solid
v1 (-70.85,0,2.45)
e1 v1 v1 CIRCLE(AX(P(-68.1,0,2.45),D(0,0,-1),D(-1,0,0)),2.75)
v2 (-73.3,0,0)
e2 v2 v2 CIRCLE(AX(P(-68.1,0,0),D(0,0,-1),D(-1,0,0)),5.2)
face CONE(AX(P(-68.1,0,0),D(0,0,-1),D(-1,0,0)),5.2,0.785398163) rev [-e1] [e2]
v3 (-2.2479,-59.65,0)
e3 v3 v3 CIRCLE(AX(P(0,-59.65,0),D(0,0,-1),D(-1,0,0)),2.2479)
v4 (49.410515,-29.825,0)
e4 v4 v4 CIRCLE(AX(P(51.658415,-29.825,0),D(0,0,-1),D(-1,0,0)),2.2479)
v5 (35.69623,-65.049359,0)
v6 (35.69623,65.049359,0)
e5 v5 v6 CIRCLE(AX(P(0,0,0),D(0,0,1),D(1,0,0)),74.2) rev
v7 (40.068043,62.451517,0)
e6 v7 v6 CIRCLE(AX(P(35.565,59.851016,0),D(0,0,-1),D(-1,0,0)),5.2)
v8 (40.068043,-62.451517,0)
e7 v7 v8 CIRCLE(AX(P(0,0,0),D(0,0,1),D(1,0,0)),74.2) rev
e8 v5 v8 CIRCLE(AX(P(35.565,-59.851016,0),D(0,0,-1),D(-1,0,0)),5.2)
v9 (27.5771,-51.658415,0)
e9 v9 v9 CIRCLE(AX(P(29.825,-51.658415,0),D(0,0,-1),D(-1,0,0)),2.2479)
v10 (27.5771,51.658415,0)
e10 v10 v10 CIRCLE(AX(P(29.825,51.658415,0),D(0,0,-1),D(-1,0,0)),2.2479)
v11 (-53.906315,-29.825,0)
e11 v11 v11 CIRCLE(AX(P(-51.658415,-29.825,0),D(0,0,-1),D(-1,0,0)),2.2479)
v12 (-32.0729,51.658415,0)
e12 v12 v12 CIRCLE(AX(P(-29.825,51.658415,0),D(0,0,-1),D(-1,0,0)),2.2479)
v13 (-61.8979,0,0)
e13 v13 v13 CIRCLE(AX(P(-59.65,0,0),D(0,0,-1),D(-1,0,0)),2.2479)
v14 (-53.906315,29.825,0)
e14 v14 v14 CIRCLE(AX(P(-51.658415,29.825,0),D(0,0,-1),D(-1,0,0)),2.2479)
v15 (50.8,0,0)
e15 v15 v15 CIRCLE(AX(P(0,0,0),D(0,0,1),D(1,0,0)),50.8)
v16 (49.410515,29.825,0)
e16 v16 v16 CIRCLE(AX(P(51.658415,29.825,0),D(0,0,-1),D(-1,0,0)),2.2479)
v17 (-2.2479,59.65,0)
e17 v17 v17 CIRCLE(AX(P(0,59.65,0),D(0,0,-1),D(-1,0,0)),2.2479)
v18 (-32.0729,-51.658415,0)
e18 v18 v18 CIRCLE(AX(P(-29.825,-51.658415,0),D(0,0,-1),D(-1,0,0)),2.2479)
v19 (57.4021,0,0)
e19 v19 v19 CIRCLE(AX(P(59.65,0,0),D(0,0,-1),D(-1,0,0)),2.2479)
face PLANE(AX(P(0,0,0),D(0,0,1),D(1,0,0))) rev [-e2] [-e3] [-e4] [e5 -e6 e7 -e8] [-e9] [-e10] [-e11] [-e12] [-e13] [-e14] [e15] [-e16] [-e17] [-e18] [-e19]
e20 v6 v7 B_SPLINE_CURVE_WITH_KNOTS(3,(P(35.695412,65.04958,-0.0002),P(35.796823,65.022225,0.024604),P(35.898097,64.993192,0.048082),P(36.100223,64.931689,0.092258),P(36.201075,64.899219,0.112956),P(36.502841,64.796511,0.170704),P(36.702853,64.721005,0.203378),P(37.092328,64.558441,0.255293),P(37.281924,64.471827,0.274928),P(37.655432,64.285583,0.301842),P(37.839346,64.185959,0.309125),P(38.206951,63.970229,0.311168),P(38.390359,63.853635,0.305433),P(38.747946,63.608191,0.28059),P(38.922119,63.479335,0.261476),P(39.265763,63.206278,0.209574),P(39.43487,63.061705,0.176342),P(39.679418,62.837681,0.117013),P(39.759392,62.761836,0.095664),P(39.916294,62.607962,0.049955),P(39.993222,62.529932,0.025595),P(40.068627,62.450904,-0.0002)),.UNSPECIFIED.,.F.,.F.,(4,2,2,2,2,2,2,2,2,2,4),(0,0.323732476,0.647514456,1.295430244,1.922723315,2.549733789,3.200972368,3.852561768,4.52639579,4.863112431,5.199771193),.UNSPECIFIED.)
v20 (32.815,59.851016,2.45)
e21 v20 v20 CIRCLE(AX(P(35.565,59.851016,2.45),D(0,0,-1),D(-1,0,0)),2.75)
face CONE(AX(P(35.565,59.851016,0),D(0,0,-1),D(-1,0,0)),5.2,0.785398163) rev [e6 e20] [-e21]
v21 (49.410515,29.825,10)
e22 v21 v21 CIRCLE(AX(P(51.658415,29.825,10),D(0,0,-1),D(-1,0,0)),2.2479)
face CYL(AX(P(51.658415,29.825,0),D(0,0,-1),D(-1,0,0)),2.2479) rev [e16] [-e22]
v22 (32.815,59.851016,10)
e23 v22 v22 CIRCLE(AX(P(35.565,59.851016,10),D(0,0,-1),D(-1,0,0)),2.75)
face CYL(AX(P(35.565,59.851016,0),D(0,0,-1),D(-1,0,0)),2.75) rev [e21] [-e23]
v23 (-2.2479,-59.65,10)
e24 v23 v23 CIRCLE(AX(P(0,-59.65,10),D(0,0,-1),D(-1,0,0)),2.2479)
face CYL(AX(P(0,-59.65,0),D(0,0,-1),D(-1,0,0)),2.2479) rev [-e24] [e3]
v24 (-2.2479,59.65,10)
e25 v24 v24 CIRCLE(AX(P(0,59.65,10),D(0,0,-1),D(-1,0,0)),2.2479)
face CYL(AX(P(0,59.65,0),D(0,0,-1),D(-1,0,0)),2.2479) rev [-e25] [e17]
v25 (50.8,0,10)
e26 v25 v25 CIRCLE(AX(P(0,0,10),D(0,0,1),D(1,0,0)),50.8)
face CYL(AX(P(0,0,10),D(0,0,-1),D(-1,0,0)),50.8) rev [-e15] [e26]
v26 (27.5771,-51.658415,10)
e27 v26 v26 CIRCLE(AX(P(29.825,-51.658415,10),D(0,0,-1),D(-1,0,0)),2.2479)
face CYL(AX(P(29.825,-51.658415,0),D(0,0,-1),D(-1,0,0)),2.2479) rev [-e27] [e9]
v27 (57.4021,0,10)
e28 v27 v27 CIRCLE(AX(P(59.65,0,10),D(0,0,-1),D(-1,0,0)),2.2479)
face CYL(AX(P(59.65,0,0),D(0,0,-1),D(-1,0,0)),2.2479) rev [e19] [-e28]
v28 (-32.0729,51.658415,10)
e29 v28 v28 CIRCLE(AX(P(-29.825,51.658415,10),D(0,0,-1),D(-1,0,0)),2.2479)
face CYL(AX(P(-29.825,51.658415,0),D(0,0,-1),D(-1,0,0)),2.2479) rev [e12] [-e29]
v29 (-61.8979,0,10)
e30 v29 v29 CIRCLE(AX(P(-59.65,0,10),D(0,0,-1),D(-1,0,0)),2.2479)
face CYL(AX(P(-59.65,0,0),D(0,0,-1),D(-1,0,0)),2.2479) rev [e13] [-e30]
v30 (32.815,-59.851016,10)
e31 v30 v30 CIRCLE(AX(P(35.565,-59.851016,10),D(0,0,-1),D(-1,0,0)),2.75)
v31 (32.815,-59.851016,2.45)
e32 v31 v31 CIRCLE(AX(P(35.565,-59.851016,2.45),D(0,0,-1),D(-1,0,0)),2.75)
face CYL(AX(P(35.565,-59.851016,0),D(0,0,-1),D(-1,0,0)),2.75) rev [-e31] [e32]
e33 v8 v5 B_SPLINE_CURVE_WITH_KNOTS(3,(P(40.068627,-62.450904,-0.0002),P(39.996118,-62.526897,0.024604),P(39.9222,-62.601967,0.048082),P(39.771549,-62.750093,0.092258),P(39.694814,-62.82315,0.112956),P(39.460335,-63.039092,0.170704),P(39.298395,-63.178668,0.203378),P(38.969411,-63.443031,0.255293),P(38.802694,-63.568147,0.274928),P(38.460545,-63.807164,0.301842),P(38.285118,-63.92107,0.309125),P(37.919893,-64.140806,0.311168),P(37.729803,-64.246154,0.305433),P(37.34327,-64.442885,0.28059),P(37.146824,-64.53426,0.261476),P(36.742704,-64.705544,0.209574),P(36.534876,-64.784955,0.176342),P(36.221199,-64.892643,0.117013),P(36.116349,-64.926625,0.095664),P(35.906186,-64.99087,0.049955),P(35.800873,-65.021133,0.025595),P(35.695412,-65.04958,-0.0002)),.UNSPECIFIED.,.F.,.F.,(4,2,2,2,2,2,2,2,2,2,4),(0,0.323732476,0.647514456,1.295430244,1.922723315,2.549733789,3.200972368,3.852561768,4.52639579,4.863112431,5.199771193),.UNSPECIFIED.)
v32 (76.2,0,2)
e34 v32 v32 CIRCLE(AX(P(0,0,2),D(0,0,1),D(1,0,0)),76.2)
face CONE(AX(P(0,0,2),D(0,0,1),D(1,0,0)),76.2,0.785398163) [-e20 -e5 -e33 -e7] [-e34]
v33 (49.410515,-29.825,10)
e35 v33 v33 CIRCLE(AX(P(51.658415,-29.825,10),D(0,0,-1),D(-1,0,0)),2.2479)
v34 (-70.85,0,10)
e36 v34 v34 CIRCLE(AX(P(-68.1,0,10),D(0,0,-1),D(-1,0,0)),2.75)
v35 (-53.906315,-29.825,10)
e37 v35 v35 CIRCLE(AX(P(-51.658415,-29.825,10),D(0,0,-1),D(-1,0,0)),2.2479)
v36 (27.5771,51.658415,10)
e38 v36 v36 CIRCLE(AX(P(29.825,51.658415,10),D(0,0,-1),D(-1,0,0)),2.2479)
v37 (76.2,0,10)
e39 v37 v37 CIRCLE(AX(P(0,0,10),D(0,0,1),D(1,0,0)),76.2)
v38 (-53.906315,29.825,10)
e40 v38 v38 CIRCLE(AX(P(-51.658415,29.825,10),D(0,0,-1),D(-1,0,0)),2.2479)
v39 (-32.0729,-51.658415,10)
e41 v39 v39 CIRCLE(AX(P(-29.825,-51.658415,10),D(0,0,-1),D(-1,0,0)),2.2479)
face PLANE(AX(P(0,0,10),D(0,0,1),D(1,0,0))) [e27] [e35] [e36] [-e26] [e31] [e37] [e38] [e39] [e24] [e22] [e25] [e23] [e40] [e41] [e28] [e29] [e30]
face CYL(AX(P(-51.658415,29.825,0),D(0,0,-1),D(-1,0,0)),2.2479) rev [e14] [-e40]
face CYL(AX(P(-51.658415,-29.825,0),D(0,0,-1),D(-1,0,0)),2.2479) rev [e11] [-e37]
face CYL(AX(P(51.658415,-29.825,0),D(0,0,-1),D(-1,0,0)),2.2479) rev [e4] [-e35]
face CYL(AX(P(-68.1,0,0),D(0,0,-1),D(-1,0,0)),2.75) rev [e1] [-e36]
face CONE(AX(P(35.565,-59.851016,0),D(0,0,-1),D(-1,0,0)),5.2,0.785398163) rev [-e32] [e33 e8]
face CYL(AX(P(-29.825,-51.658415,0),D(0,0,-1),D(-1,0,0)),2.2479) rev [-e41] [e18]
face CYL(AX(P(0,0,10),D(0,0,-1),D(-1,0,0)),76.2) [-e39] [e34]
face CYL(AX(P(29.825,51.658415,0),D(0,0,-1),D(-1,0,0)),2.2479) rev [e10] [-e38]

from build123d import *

# Parameters (mm, degrees)
ESQUISSE2_R                                    = 76.2
ESQUISSE2_R_2                                  = 50.8
BOSS_EXTRU_1_DEPTH                             = 10
CHANFREIN1_SIZE                                = 2
D_GAGEMENT_81_D                                = 4.4958
FRAISAGE_POUR_VIS_T_TE_FRAIS_E_M51_D           = 5.5
FRAISAGE_POUR_VIS_T_TE_FRAIS_E_M51_CSINK_D     = 10.4
FRAISAGE_POUR_VIS_T_TE_FRAIS_E_M51_CSINK_ANGLE = 90


with BuildPart() as part:
    # Esquisse2 → Boss.-Extru.1 (new body)
    with BuildSketch(Plane.XY):
        Circle(ESQUISSE2_R)
        Circle(ESQUISSE2_R_2, mode=Mode.SUBTRACT)
    extrude(amount=BOSS_EXTRU_1_DEPTH)

    # Chanfrein1
    chanfrein1_edges = [part.edges().sort_by_distance(p)[0] for p in [
        (-76.2, 0, 0),
    ]]
    chamfer(chanfrein1_edges, length=CHANFREIN1_SIZE)

    # Dégagement #81 (through all)
    with Locations(Plane(origin=(0, 0, 0), x_dir=(-1, 0, 0), z_dir=(0, 0, -1))):
        with Locations((0, 59.65), (51.658415336, 29.825), (29.825, 51.658415336), (59.65, 0), (51.658415336, -29.825), (29.825, -51.658415336), (0, -59.65), (-29.825, -51.658415336), (-51.658415336, -29.825), (-59.65, 0), (-51.658415336, 29.825), (-29.825, 51.658415336)):
            Hole(D_GAGEMENT_81_D / 2)

    # Fraisage pour vis à tête fraisée M51 (through all)
    with Locations(Plane(origin=(0, 0, 0), x_dir=(-1, 0, 0), z_dir=(0, 0, -1))):
        with Locations((68.1, 0), (-35.565, -59.851015656), (-35.565, 59.851015656)):
            CounterSinkHole(FRAISAGE_POUR_VIS_T_TE_FRAIS_E_M51_D / 2, FRAISAGE_POUR_VIS_T_TE_FRAIS_E_M51_CSINK_D / 2, counter_sink_angle=FRAISAGE_POUR_VIS_T_TE_FRAIS_E_M51_CSINK_ANGLE)


solid = part.part
